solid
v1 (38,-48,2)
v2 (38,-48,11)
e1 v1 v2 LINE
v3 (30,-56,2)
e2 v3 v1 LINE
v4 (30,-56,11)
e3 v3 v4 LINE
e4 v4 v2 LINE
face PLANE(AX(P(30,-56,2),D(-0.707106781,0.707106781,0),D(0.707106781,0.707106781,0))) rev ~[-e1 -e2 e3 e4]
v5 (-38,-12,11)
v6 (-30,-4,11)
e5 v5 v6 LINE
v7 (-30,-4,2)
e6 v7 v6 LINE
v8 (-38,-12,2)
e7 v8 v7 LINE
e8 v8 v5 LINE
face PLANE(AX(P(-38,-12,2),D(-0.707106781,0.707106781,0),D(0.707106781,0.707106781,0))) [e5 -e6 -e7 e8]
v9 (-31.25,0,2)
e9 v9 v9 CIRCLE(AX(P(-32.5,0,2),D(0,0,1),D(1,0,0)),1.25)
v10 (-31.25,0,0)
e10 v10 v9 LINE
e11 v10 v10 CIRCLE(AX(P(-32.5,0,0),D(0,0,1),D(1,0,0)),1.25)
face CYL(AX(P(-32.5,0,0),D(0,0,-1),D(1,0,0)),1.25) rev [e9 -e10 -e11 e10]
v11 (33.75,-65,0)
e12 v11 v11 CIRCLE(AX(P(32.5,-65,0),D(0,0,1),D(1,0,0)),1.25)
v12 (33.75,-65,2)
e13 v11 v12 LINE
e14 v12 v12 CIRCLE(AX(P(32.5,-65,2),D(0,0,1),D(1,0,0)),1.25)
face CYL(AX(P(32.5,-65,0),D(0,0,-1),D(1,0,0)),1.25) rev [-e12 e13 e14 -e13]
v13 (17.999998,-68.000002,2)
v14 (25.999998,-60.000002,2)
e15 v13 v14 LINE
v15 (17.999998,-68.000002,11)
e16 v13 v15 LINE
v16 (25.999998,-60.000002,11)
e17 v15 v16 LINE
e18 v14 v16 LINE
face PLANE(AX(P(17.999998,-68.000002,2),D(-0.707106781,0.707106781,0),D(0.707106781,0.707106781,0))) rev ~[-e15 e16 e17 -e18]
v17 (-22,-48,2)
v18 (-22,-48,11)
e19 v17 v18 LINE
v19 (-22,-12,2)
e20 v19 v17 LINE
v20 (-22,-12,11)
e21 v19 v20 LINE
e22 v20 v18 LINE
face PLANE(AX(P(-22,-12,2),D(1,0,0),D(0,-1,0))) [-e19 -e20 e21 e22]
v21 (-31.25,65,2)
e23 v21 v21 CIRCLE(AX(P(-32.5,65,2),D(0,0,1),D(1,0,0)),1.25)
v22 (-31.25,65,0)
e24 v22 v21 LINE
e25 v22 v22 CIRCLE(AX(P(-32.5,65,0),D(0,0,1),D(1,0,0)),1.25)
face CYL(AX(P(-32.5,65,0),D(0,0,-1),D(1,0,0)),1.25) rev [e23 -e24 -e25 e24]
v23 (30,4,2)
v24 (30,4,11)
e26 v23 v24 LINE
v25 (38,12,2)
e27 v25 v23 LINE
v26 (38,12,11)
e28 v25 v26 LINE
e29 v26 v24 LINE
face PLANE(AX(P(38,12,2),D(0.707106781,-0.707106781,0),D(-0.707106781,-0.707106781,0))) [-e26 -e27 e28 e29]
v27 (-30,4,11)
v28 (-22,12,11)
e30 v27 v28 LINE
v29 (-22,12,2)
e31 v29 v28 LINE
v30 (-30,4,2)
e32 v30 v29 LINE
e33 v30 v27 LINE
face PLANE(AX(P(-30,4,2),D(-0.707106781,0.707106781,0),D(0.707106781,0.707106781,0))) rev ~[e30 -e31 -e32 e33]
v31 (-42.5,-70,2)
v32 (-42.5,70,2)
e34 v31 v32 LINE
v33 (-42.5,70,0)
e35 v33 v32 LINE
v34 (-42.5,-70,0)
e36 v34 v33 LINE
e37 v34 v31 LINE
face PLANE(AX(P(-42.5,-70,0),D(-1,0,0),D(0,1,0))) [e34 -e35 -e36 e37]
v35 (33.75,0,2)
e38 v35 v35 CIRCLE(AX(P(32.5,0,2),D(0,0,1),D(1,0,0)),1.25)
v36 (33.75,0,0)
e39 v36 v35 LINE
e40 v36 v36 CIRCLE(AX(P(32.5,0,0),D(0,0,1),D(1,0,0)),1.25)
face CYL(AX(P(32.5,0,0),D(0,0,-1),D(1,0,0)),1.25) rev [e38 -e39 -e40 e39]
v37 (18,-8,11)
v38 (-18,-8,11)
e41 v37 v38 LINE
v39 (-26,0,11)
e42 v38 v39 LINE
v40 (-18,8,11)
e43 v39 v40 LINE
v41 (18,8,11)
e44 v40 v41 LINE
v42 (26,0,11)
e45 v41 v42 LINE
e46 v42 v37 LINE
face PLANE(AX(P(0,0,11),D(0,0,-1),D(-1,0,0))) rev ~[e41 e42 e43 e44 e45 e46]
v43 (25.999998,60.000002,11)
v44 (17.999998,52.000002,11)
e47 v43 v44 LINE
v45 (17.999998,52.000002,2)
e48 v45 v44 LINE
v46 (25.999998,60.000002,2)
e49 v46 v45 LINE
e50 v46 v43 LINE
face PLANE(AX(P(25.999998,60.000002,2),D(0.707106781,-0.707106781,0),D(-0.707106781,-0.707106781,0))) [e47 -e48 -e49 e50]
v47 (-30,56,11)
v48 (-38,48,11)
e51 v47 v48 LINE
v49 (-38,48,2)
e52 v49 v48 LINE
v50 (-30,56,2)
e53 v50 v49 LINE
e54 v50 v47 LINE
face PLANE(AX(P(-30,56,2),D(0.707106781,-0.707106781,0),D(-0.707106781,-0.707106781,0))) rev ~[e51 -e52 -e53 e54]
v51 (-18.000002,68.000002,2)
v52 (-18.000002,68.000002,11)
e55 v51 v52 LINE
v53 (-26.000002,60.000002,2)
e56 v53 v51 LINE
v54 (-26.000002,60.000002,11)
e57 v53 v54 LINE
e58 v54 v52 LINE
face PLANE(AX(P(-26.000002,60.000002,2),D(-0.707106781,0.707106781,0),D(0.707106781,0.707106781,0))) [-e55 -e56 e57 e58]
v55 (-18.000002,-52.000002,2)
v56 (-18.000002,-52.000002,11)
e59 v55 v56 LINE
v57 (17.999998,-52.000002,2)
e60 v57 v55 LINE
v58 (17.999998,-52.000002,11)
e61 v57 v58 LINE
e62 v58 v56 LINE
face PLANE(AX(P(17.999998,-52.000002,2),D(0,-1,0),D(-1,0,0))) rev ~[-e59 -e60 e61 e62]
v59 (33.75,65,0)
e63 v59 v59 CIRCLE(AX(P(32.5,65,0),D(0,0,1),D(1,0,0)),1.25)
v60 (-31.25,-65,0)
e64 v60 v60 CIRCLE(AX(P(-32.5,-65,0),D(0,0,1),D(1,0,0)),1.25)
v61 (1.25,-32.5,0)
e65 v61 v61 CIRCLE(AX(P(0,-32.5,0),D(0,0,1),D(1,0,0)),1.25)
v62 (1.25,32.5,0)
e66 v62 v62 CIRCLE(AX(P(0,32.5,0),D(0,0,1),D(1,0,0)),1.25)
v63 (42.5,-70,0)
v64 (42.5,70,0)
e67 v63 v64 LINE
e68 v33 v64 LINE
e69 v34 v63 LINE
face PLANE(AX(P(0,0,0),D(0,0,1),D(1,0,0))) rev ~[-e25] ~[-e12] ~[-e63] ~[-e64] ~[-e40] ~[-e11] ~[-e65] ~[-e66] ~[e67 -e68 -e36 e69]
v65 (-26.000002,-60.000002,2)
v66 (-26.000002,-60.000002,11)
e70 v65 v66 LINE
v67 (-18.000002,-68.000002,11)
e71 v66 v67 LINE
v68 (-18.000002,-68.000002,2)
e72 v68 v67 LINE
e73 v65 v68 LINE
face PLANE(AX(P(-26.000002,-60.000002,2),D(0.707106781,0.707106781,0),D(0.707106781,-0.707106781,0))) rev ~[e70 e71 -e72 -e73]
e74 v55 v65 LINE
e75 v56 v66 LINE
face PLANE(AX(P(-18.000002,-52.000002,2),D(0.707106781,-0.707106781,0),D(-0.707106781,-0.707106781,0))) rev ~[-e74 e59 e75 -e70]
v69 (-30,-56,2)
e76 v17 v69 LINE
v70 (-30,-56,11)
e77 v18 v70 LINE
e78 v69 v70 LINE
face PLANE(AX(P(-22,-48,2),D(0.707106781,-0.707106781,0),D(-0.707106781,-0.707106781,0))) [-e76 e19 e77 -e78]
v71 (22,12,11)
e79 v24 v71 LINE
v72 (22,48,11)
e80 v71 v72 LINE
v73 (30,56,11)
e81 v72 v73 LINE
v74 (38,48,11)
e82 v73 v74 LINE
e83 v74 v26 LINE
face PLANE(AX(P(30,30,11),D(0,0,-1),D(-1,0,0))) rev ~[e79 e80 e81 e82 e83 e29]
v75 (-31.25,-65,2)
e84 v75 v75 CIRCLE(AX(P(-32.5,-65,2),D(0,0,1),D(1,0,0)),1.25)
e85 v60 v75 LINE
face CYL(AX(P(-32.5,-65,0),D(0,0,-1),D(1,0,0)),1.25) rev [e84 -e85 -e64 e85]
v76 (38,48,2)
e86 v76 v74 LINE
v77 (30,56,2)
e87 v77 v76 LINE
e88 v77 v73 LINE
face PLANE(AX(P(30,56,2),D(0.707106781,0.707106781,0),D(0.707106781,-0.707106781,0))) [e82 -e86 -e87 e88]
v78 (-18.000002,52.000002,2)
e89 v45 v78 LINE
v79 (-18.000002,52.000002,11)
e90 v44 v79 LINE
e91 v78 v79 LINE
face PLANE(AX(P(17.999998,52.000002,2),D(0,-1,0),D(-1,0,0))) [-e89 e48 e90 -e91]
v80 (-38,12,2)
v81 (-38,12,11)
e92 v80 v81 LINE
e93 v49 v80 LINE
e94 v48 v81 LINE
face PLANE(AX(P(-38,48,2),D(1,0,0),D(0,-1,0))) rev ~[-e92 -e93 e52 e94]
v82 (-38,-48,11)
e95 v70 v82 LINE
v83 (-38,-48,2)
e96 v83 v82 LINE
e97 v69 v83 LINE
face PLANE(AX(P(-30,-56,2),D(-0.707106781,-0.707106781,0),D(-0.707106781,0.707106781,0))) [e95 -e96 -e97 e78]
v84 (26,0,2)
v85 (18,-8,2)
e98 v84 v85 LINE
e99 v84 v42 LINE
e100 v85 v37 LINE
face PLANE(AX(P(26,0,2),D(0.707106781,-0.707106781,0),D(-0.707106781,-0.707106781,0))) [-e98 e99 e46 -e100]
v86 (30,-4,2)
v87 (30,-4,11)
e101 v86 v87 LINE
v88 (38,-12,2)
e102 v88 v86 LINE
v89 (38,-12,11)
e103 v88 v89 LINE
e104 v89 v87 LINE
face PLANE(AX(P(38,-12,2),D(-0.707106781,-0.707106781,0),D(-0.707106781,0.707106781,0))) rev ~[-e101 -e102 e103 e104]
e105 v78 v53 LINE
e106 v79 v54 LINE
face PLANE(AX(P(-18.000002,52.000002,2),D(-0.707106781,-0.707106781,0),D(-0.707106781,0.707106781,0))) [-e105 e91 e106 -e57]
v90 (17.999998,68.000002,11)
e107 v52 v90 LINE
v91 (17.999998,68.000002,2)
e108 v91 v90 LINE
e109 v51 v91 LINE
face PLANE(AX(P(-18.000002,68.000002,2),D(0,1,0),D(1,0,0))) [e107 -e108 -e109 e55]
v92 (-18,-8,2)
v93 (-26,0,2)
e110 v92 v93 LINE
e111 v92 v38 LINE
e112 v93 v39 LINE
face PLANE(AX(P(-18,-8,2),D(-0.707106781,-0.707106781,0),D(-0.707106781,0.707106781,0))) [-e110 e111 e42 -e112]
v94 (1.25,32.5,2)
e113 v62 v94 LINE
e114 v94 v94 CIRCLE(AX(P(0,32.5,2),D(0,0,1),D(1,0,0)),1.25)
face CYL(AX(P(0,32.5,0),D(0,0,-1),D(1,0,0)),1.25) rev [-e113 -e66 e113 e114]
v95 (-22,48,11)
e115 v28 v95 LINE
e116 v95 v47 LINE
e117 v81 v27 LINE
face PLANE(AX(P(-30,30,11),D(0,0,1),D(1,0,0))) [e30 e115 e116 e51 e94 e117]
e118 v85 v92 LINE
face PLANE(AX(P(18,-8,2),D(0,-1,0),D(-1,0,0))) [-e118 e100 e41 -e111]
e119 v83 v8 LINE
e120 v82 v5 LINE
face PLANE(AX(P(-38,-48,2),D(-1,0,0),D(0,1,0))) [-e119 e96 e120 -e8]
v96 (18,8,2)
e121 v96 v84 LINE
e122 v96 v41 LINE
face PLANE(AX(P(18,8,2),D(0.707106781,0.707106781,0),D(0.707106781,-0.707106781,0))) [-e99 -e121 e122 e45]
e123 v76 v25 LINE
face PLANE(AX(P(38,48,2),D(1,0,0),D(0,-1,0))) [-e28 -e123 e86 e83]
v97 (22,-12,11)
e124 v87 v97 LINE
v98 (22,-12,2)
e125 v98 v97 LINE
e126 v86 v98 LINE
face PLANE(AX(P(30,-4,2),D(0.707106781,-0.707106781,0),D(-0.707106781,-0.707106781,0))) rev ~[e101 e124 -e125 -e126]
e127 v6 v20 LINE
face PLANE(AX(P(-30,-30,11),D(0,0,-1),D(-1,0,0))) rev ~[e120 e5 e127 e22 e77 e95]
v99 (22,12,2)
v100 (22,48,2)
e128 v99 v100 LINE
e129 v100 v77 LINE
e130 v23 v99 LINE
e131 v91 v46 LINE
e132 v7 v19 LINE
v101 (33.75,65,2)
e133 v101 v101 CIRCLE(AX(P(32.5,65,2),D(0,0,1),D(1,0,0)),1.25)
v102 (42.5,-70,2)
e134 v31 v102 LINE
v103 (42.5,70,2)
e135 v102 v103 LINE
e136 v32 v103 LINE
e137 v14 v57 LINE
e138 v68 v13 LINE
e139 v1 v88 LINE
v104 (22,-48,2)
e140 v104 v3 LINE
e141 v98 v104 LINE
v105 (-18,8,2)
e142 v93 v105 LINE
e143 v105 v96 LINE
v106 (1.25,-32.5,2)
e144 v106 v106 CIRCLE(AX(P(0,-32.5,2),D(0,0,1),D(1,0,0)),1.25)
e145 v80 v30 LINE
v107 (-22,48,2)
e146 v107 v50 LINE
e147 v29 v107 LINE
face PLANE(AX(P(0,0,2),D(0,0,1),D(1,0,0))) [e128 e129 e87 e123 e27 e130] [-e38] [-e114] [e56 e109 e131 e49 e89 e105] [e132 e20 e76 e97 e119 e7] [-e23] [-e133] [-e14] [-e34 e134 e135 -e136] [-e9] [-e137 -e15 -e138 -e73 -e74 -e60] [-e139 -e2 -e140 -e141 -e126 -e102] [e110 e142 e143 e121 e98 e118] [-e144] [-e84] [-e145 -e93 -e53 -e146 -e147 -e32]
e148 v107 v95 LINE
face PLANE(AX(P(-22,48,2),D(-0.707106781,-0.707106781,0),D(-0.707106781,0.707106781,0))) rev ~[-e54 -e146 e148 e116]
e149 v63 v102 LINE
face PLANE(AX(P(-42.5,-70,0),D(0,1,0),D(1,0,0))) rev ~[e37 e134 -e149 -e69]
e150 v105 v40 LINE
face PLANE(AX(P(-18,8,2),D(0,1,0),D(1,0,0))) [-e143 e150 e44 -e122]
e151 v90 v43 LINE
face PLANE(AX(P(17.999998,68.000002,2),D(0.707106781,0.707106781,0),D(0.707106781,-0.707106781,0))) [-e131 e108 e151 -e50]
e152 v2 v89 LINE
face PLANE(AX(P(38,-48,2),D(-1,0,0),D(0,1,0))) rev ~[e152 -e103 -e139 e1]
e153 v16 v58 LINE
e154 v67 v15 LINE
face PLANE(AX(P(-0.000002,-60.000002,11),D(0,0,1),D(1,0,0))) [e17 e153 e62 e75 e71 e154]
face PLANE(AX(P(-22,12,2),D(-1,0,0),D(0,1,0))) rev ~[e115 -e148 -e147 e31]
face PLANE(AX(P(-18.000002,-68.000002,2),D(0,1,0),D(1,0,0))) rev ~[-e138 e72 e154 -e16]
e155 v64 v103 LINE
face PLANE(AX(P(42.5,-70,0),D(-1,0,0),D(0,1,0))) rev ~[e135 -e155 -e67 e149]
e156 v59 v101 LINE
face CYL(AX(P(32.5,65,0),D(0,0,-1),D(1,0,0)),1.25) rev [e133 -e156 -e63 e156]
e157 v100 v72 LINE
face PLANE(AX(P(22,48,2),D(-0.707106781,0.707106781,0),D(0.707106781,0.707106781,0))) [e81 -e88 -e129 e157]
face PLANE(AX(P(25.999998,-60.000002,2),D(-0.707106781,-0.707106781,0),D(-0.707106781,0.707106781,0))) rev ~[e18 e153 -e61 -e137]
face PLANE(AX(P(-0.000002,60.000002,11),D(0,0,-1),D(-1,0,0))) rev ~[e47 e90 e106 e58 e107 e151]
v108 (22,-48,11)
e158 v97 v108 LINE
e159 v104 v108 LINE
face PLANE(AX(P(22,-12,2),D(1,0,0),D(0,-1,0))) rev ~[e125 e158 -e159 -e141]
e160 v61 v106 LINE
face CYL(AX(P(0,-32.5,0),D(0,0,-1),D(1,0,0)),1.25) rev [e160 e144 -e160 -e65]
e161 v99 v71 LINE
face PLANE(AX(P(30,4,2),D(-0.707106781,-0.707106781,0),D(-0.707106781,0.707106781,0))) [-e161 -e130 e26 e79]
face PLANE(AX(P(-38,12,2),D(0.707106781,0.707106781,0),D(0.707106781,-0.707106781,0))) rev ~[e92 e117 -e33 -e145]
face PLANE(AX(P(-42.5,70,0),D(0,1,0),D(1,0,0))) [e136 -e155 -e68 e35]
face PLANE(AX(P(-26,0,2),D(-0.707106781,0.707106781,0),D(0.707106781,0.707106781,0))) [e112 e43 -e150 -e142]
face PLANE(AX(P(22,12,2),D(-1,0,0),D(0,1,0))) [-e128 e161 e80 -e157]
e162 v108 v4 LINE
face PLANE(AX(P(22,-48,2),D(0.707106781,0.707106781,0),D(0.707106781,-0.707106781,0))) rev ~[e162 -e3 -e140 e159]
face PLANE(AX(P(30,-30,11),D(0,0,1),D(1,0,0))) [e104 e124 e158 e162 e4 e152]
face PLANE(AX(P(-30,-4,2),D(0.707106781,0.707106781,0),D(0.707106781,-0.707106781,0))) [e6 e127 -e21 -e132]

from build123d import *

# Parameters (mm, degrees)
CROQUIS1_W              = 85
CROQUIS1_H              = 140
CROQUIS1_R              = 1.25
SALIENTE_EXTRUIR1_DEPTH = 2
SALIENTE_EXTRUIR2_DEPTH = 9


with BuildPart() as part:
    # Croquis1 → Saliente-Extruir1 (new body)
    with BuildSketch(Plane.XY):
        Rectangle(CROQUIS1_W, CROQUIS1_H)
        with Locations((-32.5, 65)):
            Circle(CROQUIS1_R, mode=Mode.SUBTRACT)
        with Locations((32.5, 65)):
            Circle(CROQUIS1_R, mode=Mode.SUBTRACT)
        with Locations((-32.5, 0)):
            Circle(CROQUIS1_R, mode=Mode.SUBTRACT)
        with Locations((32.5, 0)):
            Circle(CROQUIS1_R, mode=Mode.SUBTRACT)
        with Locations((-32.5, -65)):
            Circle(CROQUIS1_R, mode=Mode.SUBTRACT)
        with Locations((32.5, -65)):
            Circle(CROQUIS1_R, mode=Mode.SUBTRACT)
        with Locations((0, -32.5)):
            Circle(CROQUIS1_R, mode=Mode.SUBTRACT)
        with Locations((0, 32.5)):
            Circle(CROQUIS1_R, mode=Mode.SUBTRACT)
    extrude(amount=SALIENTE_EXTRUIR1_DEPTH)

    # Croquis2 → Saliente-Extruir2 (add)
    with BuildSketch(Plane.XY.offset(2)):
        Polygon((22, 48), (30, 56), (38, 48), (38, 12), (30, 4), (22, 12), align=None)
        Polygon((-22, 48), (-30, 56), (-38, 48), (-38, 12), (-30, 4), (-22, 12), align=None)
        Polygon((22, -48), (30, -56), (38, -48), (38, -12), (30, -4), (22, -12), align=None)
        Polygon((-22, -48), (-30, -56), (-38, -48), (-38, -12), (-30, -4), (-22, -12), align=None)
        Polygon((-18, -8), (-26, 0), (-18, 8), (18, 8), (26, 0), (18, -8), align=None)
        Polygon((-18.000001585, 52.000001585), (-26.000001585, 60.000001585), (-18.000001585, 68.000001585), (17.999998415, 68.000001585), (25.999998415, 60.000001585), (17.999998415, 52.000001585), align=None)
        Polygon((-18.000001585, -52.000001585), (-26.000001585, -60.000001585), (-18.000001585, -68.000001585), (17.999998415, -68.000001585), (25.999998415, -60.000001585), (17.999998415, -52.000001585), align=None)
    extrude(amount=SALIENTE_EXTRUIR2_DEPTH)


solid = part.part
